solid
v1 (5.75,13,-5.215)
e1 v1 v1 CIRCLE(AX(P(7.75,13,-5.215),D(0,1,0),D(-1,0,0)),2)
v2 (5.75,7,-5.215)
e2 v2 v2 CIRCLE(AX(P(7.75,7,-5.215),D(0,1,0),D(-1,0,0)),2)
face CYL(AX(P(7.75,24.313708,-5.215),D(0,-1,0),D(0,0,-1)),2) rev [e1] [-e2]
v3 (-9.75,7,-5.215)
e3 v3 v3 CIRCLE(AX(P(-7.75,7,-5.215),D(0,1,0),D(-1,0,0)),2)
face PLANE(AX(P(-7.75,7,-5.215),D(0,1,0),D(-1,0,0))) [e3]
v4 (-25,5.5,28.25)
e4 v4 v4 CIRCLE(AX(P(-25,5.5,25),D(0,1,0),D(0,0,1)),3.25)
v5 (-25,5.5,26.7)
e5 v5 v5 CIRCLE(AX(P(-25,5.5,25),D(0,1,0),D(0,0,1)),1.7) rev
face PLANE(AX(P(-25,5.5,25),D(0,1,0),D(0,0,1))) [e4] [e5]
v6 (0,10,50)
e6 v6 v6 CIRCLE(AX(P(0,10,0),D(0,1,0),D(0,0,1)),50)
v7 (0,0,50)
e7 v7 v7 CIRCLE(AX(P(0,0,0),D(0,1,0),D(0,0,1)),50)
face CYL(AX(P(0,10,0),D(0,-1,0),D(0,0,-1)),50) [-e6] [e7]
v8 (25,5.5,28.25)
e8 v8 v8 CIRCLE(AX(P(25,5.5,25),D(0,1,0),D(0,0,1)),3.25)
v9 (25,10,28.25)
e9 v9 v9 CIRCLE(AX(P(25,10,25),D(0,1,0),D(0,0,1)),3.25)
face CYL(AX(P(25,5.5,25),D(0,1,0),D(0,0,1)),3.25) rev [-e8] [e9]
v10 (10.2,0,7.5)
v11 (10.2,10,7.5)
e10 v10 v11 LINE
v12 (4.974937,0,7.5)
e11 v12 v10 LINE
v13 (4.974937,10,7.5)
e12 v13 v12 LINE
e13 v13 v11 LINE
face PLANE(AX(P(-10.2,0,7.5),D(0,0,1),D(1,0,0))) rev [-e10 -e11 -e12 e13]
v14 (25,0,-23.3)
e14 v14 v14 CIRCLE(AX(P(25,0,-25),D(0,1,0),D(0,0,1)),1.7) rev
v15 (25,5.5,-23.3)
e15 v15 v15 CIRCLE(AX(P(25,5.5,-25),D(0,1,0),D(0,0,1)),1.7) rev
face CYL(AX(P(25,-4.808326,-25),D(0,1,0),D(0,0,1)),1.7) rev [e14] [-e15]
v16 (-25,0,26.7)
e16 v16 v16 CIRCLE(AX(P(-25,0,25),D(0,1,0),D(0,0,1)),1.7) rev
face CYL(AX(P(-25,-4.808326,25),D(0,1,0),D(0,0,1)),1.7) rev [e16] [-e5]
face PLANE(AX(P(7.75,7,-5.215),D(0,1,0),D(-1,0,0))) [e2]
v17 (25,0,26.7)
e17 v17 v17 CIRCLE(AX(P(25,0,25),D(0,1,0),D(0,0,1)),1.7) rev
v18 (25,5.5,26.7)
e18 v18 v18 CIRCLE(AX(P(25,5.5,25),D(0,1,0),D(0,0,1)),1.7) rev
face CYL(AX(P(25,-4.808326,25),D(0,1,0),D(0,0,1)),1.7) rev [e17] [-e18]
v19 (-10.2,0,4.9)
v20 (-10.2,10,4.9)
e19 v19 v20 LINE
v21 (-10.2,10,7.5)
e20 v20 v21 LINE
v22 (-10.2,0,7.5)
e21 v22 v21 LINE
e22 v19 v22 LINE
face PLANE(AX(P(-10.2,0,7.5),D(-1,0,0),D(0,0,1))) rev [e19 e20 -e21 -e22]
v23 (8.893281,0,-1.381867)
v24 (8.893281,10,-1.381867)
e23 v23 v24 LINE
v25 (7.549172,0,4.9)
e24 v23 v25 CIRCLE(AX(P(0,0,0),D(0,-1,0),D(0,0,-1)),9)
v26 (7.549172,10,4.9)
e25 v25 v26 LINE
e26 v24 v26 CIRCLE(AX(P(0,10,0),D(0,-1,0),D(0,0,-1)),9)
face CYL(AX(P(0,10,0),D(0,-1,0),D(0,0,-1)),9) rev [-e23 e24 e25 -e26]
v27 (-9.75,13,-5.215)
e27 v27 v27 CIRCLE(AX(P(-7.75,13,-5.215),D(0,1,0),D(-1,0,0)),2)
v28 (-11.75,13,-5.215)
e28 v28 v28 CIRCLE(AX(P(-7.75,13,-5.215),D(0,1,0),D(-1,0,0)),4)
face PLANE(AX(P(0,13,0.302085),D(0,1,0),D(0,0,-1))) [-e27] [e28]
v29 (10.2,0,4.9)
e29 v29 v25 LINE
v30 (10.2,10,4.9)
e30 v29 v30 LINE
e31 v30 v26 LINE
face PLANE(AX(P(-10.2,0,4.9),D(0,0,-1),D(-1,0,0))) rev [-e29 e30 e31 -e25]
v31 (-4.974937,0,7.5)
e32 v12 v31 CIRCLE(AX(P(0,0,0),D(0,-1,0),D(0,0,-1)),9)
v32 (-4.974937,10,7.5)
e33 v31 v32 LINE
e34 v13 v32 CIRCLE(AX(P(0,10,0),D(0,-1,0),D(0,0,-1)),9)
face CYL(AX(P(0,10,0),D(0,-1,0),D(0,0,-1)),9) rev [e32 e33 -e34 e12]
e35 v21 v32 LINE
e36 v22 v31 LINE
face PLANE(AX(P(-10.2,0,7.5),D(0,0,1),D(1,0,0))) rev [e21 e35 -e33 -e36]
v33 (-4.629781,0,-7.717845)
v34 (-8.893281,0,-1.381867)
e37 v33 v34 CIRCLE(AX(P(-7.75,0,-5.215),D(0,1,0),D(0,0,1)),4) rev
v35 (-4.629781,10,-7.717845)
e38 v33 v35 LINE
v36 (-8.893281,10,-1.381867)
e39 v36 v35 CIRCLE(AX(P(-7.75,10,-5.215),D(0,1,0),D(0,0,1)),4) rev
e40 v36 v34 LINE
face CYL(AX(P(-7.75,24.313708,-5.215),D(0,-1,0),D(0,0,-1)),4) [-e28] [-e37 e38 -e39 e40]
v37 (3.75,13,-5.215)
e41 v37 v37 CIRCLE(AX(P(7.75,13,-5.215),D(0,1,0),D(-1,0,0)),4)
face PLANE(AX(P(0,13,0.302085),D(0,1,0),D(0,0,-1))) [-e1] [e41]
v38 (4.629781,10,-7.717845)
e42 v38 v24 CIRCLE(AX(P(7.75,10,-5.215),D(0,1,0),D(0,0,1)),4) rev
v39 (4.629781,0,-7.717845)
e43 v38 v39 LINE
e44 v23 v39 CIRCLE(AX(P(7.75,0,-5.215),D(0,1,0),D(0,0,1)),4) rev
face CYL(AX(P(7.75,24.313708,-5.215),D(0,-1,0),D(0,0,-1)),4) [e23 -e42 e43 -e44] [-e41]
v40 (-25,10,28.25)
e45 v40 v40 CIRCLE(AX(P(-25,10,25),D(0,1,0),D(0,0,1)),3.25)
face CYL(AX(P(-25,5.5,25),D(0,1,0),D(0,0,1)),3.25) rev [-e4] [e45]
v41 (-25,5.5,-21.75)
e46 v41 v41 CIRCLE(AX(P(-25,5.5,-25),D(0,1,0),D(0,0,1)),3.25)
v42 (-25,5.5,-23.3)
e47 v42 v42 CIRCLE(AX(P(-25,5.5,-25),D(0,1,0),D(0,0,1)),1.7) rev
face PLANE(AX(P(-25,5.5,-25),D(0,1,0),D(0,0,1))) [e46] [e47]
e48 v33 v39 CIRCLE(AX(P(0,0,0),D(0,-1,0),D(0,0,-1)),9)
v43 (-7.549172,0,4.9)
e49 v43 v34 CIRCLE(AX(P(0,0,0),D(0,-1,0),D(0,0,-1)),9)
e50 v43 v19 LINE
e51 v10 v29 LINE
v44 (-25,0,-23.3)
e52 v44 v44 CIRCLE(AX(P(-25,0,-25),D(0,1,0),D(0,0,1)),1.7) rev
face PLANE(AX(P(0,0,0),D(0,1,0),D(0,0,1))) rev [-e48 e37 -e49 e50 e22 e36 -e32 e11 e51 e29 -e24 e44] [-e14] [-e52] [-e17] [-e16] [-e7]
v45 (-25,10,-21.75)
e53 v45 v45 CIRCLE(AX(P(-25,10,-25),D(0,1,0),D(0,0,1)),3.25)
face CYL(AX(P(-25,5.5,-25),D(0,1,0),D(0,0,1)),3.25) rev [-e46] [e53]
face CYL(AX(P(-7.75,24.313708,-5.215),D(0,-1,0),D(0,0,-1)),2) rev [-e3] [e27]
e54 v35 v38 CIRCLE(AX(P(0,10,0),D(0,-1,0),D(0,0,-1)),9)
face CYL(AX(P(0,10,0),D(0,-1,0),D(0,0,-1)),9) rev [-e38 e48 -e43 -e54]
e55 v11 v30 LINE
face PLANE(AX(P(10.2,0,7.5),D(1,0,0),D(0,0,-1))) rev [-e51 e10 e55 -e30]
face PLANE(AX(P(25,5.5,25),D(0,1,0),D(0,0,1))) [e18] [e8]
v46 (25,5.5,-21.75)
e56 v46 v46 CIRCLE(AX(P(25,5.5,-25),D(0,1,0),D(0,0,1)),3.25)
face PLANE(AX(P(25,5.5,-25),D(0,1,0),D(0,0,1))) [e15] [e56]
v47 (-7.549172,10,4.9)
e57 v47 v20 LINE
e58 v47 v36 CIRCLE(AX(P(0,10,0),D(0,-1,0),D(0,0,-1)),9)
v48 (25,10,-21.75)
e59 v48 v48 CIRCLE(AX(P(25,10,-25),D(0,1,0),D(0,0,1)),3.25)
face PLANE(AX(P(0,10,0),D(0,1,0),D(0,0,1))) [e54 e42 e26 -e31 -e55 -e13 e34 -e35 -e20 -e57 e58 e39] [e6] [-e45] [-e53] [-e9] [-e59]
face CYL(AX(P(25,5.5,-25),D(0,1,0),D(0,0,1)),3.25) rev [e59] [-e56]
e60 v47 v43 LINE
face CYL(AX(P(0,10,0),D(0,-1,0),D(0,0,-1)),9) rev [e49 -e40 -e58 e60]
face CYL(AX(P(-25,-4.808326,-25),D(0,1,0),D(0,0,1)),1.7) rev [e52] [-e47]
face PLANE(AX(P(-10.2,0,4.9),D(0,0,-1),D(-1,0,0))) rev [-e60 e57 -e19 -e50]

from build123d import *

# Parameters (mm, degrees)
SKIZZE1_R                       = 50
AUFSATZ_LINEAR_AUSTRAGEN1_DEPTH = 10
SKIZZE2_R                       = 1.7
SCHNITT_LINEAR_AUSTRAGEN1_DEPTH = 10
SKIZZE3_R                       = 3.25
SCHNITT_LINEAR_AUSTRAGEN2_DEPTH = 4.5
SKIZZE7_R                       = 9
SCHNITT_LINEAR_AUSTRAGEN5_DEPTH = 11
SKIZZE4_W                       = 20.4
SKIZZE4_H                       = 2.6
SCHNITT_LINEAR_AUSTRAGEN3_DEPTH = 10
AUFSATZ_LINEAR_START            = -10
SKIZZE5_R                       = 4
AUFSATZ_LINEAR_AUSTRAGEN2_DEPTH = 13
SKIZZE6_R                       = 2
SCHNITT_LINEAR_AUSTRAGEN4_DEPTH = 6


with BuildPart() as part:
    # Skizze1 → Aufsatz-Linear austragen1 (new body)
    with BuildSketch(Plane(origin=(0, 0, 0), x_dir=(1, 0, 0), z_dir=(0, 1, 0))):
        Circle(SKIZZE1_R)
    extrude(amount=AUFSATZ_LINEAR_AUSTRAGEN1_DEPTH)

    # Skizze2 → Schnitt-Linear austragen1 (cut)
    with BuildSketch(Plane(origin=(0, 10, 0), x_dir=(1, 0, 0), z_dir=(0, 1, 0))):
        with Locations((-25, 25)):
            Circle(SKIZZE2_R)
        with Locations((25, 25)):
            Circle(SKIZZE2_R)
        with Locations((25, -25)):
            Circle(SKIZZE2_R)
        with Locations((-25, -25)):
            Circle(SKIZZE2_R)
    extrude(amount=-SCHNITT_LINEAR_AUSTRAGEN1_DEPTH, mode=Mode.SUBTRACT)

    # Skizze3 → Schnitt-Linear austragen2 (cut)
    with BuildSketch(Plane(origin=(0, 10, 0), x_dir=(1, 0, 0), z_dir=(0, 1, 0))):
        with Locations((-25, 25)):
            Circle(SKIZZE3_R)
        with Locations((25, 25)):
            Circle(SKIZZE3_R)
        with Locations((25, -25)):
            Circle(SKIZZE3_R)
        with Locations((-25, -25)):
            Circle(SKIZZE3_R)
    extrude(amount=-SCHNITT_LINEAR_AUSTRAGEN2_DEPTH, mode=Mode.SUBTRACT)

    # Skizze7 → Schnitt-Linear austragen5 (cut, through all)
    with BuildSketch(Plane.XZ):
        Circle(SKIZZE7_R)
    extrude(amount=-SCHNITT_LINEAR_AUSTRAGEN5_DEPTH, mode=Mode.SUBTRACT)

    # Skizze4 → Schnitt-Linear austragen3 (cut)
    with BuildSketch(Plane(origin=(0, 10, 0), x_dir=(1, 0, 0), z_dir=(0, 1, 0))):
        with Locations((0, -6.2)):
            Rectangle(SKIZZE4_W, SKIZZE4_H)
    extrude(amount=-SCHNITT_LINEAR_AUSTRAGEN3_DEPTH, mode=Mode.SUBTRACT)

    # Skizze5 → Aufsatz-Linear austragen2 (add)
    with BuildSketch(Plane(origin=(0, 10, 0), x_dir=(1, 0, 0), z_dir=(0, 1, 0)).offset(AUFSATZ_LINEAR_START)):
        with Locations((-7.75, 5.215)):
            Circle(SKIZZE5_R)
        with BuildLine():
            ThreePointArc((-6.220782003, 6.503988874), (-9.409308992, 6.331554373), (-8.368075659, 3.312900507))
            ThreePointArc((-8.368075659, 3.312900507), (-7.466890464, 5.02449468), (-6.220782003, 6.503988874))
        make_face(mode=Mode.SUBTRACT)
        with Locations((7.75, 5.215)):
            Circle(SKIZZE5_R)
        with BuildLine():
            ThreePointArc((8.368075659, 3.312900507), (9.409308992, 6.331554373), (6.220782003, 6.503988874))
            ThreePointArc((6.220782003, 6.503988874), (7.466890464, 5.02449468), (8.368075659, 3.312900507))
        make_face(mode=Mode.SUBTRACT)
    extrude(amount=AUFSATZ_LINEAR_AUSTRAGEN2_DEPTH)

    # Skizze6 → Schnitt-Linear austragen4 (cut)
    with BuildSketch(Plane(origin=(0, 12.999999992, 0), x_dir=(1, 0, 0), z_dir=(0, 1, 0))):
        with Locations((-7.75, 5.215)):
            Circle(SKIZZE6_R)
        with Locations((7.75, 5.215)):
            Circle(SKIZZE6_R)
    extrude(amount=-SCHNITT_LINEAR_AUSTRAGEN4_DEPTH, mode=Mode.SUBTRACT)


solid = part.part
